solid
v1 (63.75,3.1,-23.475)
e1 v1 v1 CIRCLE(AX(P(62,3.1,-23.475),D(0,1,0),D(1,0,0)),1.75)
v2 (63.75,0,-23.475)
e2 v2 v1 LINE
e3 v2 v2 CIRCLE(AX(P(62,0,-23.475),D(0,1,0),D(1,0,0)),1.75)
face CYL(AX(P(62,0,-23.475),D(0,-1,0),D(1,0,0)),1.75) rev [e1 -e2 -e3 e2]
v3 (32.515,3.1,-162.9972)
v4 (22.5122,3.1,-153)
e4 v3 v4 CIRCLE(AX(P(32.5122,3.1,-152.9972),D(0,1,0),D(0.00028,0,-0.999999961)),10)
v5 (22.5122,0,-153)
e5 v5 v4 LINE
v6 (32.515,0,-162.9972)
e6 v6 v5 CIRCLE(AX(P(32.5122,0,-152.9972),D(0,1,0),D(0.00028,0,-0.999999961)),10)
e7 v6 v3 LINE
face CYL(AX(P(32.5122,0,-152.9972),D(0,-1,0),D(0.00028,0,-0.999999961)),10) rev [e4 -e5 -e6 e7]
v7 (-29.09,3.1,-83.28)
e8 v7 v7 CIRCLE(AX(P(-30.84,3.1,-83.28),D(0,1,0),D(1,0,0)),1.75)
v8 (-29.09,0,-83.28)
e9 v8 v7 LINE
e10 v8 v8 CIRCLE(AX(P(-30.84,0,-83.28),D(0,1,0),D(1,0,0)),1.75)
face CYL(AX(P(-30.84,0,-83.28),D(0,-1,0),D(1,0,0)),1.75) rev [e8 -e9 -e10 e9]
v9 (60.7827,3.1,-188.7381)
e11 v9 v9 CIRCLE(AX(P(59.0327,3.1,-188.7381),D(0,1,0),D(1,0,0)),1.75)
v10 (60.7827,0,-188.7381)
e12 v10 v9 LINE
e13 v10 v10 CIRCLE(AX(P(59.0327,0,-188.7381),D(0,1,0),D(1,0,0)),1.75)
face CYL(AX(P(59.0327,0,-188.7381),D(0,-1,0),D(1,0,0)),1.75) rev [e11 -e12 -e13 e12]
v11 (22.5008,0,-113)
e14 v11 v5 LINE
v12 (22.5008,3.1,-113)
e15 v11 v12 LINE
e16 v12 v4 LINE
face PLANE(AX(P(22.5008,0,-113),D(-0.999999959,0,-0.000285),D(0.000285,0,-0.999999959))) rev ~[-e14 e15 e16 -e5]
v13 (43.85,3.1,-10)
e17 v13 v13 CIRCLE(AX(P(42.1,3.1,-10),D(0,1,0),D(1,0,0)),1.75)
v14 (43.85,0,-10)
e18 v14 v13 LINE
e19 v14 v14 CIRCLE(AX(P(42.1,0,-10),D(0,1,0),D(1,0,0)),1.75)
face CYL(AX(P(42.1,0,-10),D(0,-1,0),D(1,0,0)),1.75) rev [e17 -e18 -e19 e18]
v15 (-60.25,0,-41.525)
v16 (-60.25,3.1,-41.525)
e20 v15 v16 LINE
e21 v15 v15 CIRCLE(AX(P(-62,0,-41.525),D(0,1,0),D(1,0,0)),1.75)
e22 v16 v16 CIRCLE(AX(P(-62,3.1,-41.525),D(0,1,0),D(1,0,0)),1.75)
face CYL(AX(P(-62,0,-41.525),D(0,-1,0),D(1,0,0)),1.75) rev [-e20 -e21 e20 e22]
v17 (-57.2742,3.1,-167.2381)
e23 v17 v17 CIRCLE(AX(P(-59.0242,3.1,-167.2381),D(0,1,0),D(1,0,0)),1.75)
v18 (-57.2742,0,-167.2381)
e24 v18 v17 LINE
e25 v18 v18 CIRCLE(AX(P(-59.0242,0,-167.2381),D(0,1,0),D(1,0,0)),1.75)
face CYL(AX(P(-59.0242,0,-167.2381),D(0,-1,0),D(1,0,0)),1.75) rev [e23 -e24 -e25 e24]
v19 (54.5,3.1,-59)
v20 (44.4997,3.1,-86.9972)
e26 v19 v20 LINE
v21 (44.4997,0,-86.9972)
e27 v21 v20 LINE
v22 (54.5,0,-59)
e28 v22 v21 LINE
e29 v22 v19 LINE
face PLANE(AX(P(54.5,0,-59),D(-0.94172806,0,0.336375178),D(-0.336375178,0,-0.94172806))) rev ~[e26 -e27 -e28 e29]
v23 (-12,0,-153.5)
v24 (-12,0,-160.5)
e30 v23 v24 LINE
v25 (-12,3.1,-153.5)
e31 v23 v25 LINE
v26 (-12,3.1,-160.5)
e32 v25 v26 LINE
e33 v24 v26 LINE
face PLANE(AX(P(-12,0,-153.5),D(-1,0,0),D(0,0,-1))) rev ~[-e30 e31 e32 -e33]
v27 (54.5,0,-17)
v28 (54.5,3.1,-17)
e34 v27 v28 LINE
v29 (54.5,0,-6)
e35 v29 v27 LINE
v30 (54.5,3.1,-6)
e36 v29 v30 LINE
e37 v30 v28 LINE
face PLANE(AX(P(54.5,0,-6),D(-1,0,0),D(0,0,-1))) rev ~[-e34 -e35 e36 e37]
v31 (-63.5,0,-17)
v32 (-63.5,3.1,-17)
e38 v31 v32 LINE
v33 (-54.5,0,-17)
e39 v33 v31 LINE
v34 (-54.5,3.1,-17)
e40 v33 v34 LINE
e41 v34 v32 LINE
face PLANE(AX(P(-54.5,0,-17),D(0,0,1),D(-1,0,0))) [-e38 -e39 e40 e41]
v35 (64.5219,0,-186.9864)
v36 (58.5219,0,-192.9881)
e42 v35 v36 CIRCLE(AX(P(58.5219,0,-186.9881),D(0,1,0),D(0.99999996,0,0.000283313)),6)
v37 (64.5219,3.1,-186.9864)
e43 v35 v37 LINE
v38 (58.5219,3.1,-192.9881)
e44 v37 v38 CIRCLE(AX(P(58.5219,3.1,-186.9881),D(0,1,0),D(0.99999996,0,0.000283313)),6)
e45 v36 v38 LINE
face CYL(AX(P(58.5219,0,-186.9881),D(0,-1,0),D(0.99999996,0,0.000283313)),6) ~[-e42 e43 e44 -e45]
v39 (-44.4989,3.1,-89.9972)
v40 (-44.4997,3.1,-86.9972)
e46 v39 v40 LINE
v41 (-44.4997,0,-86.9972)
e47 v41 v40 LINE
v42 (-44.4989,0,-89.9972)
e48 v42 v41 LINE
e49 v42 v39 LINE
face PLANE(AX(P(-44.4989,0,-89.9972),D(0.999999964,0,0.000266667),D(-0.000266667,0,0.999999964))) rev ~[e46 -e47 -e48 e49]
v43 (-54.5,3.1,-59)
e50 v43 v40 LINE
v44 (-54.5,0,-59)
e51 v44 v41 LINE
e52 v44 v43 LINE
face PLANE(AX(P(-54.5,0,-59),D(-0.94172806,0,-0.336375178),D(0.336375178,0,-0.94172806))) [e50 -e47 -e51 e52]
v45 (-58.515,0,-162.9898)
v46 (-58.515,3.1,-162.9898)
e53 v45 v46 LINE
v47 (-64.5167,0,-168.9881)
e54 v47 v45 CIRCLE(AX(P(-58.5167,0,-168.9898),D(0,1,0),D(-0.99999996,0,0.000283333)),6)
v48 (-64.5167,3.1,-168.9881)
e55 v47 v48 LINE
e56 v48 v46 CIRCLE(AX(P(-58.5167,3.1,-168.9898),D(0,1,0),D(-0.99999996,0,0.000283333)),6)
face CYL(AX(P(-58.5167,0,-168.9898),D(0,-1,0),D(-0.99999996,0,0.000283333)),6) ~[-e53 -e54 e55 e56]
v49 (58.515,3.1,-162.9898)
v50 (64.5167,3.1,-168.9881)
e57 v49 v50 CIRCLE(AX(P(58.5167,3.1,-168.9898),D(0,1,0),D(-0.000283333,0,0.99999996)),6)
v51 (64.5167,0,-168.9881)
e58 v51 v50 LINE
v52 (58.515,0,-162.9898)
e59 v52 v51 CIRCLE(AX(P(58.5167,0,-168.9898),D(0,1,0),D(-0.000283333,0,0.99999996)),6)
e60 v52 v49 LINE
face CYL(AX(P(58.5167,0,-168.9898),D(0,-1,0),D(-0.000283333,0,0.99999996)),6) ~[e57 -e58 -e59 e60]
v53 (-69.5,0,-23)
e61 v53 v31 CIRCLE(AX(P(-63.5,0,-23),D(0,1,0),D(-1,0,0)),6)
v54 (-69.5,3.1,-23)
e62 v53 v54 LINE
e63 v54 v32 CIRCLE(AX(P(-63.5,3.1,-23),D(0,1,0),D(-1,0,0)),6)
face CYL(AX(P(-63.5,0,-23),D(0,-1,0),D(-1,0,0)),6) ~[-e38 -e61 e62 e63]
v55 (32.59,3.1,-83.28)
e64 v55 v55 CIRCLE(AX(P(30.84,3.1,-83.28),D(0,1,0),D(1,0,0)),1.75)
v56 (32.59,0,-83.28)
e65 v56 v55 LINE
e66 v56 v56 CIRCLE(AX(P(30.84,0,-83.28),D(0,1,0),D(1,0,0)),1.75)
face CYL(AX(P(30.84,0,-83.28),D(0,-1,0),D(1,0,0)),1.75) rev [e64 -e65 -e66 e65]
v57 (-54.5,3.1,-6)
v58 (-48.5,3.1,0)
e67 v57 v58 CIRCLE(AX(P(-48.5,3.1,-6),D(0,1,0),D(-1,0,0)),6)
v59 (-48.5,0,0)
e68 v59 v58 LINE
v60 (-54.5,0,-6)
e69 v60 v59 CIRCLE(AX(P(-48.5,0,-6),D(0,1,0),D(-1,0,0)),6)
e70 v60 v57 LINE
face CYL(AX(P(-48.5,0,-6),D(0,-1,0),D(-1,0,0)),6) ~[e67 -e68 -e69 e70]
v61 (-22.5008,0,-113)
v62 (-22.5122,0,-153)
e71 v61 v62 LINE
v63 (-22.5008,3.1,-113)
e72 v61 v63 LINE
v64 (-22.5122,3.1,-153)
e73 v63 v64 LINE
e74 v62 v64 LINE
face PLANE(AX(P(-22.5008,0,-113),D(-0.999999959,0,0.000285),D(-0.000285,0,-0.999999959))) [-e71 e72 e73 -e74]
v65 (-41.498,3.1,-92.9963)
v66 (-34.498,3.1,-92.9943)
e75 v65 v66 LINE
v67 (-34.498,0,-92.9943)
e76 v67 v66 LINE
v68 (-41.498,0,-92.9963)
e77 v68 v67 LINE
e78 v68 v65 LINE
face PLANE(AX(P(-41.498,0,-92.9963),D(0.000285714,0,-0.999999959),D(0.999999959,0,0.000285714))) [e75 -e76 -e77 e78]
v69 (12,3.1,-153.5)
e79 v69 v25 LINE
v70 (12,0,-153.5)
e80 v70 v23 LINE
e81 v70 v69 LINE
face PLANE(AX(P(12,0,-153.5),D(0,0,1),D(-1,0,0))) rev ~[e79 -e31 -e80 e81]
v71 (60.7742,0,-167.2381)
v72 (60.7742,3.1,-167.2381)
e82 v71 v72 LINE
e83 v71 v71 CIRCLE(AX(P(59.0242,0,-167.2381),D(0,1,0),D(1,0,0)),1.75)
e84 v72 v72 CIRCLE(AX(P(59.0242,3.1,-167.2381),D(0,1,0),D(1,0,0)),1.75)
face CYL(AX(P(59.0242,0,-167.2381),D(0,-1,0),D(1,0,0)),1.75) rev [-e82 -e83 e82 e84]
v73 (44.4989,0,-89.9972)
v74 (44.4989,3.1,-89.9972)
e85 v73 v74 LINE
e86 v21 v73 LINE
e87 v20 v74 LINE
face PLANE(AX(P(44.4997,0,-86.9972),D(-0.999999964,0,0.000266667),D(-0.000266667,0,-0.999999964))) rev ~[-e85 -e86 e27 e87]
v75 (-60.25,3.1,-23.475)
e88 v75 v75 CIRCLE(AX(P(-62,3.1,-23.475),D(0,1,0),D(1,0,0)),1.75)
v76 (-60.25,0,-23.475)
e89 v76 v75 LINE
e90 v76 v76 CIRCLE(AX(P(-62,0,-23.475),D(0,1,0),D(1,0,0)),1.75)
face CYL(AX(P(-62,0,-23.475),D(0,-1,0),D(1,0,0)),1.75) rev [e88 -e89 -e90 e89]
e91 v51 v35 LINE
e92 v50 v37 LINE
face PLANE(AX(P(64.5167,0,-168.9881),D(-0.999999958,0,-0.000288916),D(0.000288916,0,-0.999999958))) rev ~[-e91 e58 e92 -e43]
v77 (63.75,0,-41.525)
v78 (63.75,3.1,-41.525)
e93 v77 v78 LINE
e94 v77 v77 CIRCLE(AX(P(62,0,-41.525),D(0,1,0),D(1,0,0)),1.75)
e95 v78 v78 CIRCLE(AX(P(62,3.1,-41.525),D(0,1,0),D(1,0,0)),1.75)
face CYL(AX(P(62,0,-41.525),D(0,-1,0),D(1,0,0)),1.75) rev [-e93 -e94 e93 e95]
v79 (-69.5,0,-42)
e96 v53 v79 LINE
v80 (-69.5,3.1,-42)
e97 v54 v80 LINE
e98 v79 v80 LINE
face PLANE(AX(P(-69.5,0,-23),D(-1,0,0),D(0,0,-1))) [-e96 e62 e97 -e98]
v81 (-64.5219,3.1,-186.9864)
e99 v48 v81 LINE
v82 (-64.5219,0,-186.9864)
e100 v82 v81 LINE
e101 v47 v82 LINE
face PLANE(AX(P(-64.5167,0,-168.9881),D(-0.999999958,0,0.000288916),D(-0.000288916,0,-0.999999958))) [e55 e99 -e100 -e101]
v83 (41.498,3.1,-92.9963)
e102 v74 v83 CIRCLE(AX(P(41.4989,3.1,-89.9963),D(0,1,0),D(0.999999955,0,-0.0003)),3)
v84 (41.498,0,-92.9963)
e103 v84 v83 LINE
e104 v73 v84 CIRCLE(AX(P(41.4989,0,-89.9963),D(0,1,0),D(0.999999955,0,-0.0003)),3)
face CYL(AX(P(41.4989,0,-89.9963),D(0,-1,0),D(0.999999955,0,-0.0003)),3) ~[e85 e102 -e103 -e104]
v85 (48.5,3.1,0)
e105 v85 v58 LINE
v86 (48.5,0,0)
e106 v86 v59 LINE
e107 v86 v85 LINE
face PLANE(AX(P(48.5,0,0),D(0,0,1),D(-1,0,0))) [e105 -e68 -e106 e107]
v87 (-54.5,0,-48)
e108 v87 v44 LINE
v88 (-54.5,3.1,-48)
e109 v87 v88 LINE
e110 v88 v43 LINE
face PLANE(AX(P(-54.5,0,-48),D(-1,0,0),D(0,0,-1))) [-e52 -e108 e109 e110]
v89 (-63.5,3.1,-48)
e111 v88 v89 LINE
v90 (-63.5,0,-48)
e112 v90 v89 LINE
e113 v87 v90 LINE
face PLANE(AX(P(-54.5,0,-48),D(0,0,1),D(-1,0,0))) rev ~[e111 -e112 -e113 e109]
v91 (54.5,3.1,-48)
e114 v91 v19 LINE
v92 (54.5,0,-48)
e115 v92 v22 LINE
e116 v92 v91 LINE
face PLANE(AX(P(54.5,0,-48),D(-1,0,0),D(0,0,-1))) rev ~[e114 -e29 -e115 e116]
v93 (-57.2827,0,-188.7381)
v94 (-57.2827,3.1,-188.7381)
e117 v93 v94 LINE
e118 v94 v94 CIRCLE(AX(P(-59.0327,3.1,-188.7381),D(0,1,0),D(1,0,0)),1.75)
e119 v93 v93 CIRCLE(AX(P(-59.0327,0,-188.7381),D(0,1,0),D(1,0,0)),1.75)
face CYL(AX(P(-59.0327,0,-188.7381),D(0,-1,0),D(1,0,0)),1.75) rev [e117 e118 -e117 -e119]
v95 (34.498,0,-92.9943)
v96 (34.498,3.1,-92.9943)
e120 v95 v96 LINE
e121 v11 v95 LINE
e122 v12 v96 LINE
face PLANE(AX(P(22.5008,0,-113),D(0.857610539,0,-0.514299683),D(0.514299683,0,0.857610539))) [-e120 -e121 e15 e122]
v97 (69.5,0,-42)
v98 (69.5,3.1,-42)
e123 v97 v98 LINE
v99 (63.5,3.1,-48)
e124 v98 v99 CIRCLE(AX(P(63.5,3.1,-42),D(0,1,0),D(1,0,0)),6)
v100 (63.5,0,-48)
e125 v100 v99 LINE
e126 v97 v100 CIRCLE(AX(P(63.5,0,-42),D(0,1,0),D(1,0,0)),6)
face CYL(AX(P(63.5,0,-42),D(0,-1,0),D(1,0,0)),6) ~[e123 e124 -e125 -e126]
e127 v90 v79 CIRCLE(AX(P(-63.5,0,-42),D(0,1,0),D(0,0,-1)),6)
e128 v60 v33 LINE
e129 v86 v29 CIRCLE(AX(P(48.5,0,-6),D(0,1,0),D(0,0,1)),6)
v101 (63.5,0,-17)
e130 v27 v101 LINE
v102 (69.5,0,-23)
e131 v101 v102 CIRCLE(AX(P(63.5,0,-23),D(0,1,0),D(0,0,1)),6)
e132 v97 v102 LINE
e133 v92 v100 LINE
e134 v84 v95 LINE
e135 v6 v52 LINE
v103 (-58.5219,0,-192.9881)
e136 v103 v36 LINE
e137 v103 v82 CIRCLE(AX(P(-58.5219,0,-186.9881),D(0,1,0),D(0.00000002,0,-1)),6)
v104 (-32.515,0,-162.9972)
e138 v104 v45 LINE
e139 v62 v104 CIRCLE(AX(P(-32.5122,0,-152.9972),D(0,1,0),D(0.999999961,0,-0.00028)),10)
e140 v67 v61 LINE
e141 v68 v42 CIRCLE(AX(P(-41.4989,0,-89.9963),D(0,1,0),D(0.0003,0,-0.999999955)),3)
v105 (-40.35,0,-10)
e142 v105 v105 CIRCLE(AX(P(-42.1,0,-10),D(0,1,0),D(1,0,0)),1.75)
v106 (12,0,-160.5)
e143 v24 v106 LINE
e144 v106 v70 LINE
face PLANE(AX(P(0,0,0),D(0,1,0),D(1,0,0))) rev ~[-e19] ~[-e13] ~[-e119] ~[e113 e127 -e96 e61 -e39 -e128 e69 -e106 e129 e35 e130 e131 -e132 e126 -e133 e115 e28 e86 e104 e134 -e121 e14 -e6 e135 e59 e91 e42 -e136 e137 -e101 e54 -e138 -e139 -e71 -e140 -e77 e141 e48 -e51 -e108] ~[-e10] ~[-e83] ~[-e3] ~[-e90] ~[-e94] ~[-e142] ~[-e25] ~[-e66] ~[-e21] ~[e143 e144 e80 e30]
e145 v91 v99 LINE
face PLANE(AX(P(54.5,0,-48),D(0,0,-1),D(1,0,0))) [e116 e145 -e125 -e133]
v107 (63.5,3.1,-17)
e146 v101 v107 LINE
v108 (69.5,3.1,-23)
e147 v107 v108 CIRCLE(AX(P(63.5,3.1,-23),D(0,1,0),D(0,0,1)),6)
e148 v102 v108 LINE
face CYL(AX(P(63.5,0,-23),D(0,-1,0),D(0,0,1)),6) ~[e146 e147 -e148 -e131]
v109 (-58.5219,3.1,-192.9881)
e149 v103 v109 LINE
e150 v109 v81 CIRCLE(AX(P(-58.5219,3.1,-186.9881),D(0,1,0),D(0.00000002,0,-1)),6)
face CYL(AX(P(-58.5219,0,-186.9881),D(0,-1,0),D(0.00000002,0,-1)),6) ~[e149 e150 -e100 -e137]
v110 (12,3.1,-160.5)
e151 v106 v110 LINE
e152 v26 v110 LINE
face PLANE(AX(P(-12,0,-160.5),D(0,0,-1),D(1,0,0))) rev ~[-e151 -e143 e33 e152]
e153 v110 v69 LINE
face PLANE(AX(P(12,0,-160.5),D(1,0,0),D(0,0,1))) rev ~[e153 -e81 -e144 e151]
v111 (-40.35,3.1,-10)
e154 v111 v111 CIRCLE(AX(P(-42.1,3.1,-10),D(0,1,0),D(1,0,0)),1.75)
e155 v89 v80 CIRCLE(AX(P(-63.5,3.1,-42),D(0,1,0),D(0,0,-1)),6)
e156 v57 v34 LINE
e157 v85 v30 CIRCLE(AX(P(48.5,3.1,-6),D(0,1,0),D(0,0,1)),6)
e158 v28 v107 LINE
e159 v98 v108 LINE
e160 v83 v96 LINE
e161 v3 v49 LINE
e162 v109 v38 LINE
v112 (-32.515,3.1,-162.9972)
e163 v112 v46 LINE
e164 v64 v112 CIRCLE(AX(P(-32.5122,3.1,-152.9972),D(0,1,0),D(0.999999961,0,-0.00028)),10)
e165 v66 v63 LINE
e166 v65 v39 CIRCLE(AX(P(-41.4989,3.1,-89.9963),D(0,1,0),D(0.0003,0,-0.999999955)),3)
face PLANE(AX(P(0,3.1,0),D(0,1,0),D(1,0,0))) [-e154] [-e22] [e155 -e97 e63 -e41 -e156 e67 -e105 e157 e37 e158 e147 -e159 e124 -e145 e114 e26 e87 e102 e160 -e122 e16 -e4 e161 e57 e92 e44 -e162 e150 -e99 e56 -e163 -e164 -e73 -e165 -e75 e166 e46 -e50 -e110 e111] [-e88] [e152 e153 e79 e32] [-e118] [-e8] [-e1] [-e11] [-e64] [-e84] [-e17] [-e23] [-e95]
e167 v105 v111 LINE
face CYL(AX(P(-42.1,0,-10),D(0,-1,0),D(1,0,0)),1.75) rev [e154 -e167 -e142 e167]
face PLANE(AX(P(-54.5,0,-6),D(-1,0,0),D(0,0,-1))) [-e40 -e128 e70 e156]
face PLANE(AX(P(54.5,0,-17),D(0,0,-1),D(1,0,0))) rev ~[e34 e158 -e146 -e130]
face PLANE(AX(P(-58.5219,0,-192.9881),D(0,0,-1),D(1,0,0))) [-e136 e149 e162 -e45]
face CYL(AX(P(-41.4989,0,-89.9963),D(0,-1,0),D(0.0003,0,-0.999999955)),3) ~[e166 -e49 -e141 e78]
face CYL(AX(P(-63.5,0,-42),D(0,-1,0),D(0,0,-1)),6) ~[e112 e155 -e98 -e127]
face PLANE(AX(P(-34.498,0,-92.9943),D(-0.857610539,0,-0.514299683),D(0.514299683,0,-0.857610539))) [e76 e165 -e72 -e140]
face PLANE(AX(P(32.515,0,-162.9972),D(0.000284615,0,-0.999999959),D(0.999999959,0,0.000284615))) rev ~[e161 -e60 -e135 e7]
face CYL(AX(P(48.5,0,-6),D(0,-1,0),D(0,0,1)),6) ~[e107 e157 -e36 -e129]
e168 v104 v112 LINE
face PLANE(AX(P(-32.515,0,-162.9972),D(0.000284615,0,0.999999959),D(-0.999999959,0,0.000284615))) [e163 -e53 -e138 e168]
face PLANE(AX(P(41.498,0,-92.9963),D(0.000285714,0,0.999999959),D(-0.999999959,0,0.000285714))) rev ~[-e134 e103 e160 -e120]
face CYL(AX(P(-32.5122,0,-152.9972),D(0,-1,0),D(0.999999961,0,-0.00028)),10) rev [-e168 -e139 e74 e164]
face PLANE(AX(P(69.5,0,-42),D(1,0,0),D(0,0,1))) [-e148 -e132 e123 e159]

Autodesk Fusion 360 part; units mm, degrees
sketch "Sketch1" plane through (0, 0, 0) normal (0, 1, 0) x (1, 0, 0)
  line L0 (48.5, 0) -> (-48.5, 0)
  line L1 (-54.5, 6) -> (-54.5, 17)
  line L2 (54.5, 6) -> (54.5, 17)
  line L3 (54.5, 17) -> (54.5, 48) construction
  line L4 (-54.5, 48) -> (-54.5, 59)
  line L5 (54.5, 48) -> (54.5, 59)
  line L6 (54.4997, 87) -> (44.4997, 86.9972) construction
  line L7 (-54.5, 59) -> (-44.4997, 86.9972)
  line L8 (54.5, 59) -> (44.4997, 86.9972)
  line L9 (44.4997, 86.9972) -> (44.4989, 89.9972)
  line L10 (-44.4989, 89.9972) -> (-44.4997, 86.9972)
  line L11 (-41.498, 92.9963) -> (-34.498, 92.9943)
  line L12 (41.498, 92.9963) -> (34.498, 92.9943)
  line L13 (-34.498, 92.9943) -> (-22.5008, 113)
  line L14 (22.5008, 113) -> (34.498, 92.9943)
  line L15 (-22.5008, 113) -> (-22.5122, 153)
  line L16 (22.5008, 113) -> (22.5122, 153)
  line L17 (-32.515, 162.9972) -> (-58.515, 162.9898)
  line L18 (32.515, 162.9972) -> (58.515, 162.9898)
  line L19 (-64.5167, 168.9881) -> (-64.5219, 186.9864)
  line L20 (64.5167, 168.9881) -> (64.5219, 186.9864)
  line L21 (-58.5219, 192.9881) -> (58.5219, 192.9881)
  line L22 (-54.5, 17) -> (-63.5, 17)
  line L23 (-54.5, 48) -> (-63.5, 48)
  line L24 (-69.5, 23) -> (-69.5, 42)
  line L25 (54.5, 17) -> (63.5, 17)
  line L26 (54.5, 48) -> (63.5, 48)
  line L27 (69.5, 42) -> (69.5, 23)
  line L28 (-54.5, 0) -> (-42.1, 0) construction
  line L29 (54.5, 0) -> (42.1, 0) construction
  line L30 (54.5, 10) -> (54.5, 0) construction
  circle A0 centre (-42.1, 10) radius 1.75
  circle A1 centre (42.1, 10) radius 1.75
  circle A2 centre (-30.84, 83.28) radius 1.75
  circle A3 centre (30.84, 83.28) radius 1.75
  circle A4 centre (-62, 23.475) radius 1.75
  circle A5 centre (-62, 41.525) radius 1.75
  circle A6 centre (62, 23.475) radius 1.75
  circle A7 centre (62, 41.525) radius 1.75
  arc A8 (-54.5, 6) -> (-48.5, 0) centre (-48.5, 6) ccw
  arc A9 (48.5, 0) -> (54.5, 6) centre (48.5, 6) ccw
  arc A10 (63.5, 17) -> (69.5, 23) centre (63.5, 23) ccw
  arc A11 (69.5, 42) -> (63.5, 48) centre (63.5, 42) ccw
  arc A12 (-69.5, 23) -> (-63.5, 17) centre (-63.5, 23) ccw
  arc A13 (-63.5, 48) -> (-69.5, 42) centre (-63.5, 42) ccw
  arc A14 (-64.5167, 168.9881) -> (-58.515, 162.9898) centre (-58.5167, 168.9898) ccw
  arc A15 (-58.5219, 192.9881) -> (-64.5219, 186.9864) centre (-58.5219, 186.9881) ccw
  arc A16 (58.515, 162.9898) -> (64.5167, 168.9881) centre (58.5167, 168.9898) ccw
  arc A17 (64.5219, 186.9864) -> (58.5219, 192.9881) centre (58.5219, 186.9881) ccw
  arc A18 (-22.5122, 153) -> (-32.515, 162.9972) centre (-32.5122, 152.9972) ccw
  arc A19 (32.515, 162.9972) -> (22.5122, 153) centre (32.5122, 152.9972) ccw
  arc A20 (44.4989, 89.9972) -> (41.498, 92.9963) centre (41.4989, 89.9963) ccw
  arc A21 (-41.498, 92.9963) -> (-44.4989, 89.9972) centre (-41.4989, 89.9963) ccw
  circle A22 centre (-59.0242, 167.2381) radius 1.75
  circle A23 centre (-59.0327, 188.7381) radius 1.75
  circle A24 centre (59.0242, 167.2381) radius 1.75
  circle A25 centre (59.0327, 188.7381) radius 1.75
  line L31 (-12, 160.5) -> (12, 160.5)
  line L32 (12, 160.5) -> (12, 153.5)
  line L33 (12, 153.5) -> (-12, 153.5)
  line L34 (-12, 153.5) -> (-12, 160.5)
  line L35 (0, -40) -> (0, 250) construction
  point P0 (-38.955, 10.36)
  point P1 (34.555, 10.36)
  point P2 (87.5597, 0)
  point P3 (44.498, 92.9972)
  point P4 (-44.498, 92.9972)
  point P5 (22.515, 163)
  point P6 (-64.515, 162.9881)
  point P7 (64.515, 162.9881)
  point P8 (-64.5236, 192.9881)
  point P9 (64.5236, 192.9881)
  dimension "d154" = 109
  dimension "d155" = 17
  dimension "d156" = 17
  dimension "d167" = 31
  dimension "d168" = 31
  dimension "d177" = 11
  dimension "d178" = 11
  dimension "d180" = 28
  dimension "d182" = 10
  dimension "d184" = 6
  dimension "d191" = 10
  dimension "d192" = 10
  dimension "d194" = 50
  dimension "d196" = 42
  dimension "d197" = 30
  dimension "d198" = 30
  dimension "d203" = 12.4
  dimension "d205" = 12.4
  dimension "d206" = 10
  dimension "d207" = 3.5
  dimension "d208" = 3.5
  dimension "d213" = 3.5
  dimension "d214" = 3.5
  dimension "d221" = 3.5
  dimension "d222" = 3.5
  dimension "d227" = 3.5
  dimension "d228" = 3.5
  dimension "d229" = 6
  dimension "d230" = 6
  dimension "d231" = 6
  dimension "d232" = 6
  dimension "d233" = 6
  dimension "d234" = 6
  dimension "d235" = 6
  dimension "d236" = 6
  dimension "d237" = 6
  dimension "d238" = 6
  dimension "d239" = 10
  dimension "d240" = 10
  dimension "d241" = 3
  dimension "d242" = 3
  dimension "d252" = 3.5
  dimension "d253" = 3.5
  dimension "d254" = 3.5
  dimension "d255" = 3.5
  dimension "d256" = 139
  dimension "d259" = 7
  dimension "d260" = 17.9983
  dimension "d261" = 192.9881
  dimension "d262" = 0.016
  dimension "d263" = 153.5
  dimension "d264" = 4.2484
  dimension "d265" = 25.75
  dimension "d266" = 4.25
  dimension "d267" = 25.7484
  dimension "d268" = 83.28
  dimension "d269" = 9.7133
  dimension "d270" = 10
  dimension "d271" = 82.9965
  dimension "d272" = 23.475
  dimension "d273" = 7.5
  dimension "d274" = 41.525
  dimension "d275" = 7.5
  dimension "d276" = 23.475
  dimension "d277" = 69.5271
extrude "Extrude1" add sketch "Sketch1" along normal blind 3.1
